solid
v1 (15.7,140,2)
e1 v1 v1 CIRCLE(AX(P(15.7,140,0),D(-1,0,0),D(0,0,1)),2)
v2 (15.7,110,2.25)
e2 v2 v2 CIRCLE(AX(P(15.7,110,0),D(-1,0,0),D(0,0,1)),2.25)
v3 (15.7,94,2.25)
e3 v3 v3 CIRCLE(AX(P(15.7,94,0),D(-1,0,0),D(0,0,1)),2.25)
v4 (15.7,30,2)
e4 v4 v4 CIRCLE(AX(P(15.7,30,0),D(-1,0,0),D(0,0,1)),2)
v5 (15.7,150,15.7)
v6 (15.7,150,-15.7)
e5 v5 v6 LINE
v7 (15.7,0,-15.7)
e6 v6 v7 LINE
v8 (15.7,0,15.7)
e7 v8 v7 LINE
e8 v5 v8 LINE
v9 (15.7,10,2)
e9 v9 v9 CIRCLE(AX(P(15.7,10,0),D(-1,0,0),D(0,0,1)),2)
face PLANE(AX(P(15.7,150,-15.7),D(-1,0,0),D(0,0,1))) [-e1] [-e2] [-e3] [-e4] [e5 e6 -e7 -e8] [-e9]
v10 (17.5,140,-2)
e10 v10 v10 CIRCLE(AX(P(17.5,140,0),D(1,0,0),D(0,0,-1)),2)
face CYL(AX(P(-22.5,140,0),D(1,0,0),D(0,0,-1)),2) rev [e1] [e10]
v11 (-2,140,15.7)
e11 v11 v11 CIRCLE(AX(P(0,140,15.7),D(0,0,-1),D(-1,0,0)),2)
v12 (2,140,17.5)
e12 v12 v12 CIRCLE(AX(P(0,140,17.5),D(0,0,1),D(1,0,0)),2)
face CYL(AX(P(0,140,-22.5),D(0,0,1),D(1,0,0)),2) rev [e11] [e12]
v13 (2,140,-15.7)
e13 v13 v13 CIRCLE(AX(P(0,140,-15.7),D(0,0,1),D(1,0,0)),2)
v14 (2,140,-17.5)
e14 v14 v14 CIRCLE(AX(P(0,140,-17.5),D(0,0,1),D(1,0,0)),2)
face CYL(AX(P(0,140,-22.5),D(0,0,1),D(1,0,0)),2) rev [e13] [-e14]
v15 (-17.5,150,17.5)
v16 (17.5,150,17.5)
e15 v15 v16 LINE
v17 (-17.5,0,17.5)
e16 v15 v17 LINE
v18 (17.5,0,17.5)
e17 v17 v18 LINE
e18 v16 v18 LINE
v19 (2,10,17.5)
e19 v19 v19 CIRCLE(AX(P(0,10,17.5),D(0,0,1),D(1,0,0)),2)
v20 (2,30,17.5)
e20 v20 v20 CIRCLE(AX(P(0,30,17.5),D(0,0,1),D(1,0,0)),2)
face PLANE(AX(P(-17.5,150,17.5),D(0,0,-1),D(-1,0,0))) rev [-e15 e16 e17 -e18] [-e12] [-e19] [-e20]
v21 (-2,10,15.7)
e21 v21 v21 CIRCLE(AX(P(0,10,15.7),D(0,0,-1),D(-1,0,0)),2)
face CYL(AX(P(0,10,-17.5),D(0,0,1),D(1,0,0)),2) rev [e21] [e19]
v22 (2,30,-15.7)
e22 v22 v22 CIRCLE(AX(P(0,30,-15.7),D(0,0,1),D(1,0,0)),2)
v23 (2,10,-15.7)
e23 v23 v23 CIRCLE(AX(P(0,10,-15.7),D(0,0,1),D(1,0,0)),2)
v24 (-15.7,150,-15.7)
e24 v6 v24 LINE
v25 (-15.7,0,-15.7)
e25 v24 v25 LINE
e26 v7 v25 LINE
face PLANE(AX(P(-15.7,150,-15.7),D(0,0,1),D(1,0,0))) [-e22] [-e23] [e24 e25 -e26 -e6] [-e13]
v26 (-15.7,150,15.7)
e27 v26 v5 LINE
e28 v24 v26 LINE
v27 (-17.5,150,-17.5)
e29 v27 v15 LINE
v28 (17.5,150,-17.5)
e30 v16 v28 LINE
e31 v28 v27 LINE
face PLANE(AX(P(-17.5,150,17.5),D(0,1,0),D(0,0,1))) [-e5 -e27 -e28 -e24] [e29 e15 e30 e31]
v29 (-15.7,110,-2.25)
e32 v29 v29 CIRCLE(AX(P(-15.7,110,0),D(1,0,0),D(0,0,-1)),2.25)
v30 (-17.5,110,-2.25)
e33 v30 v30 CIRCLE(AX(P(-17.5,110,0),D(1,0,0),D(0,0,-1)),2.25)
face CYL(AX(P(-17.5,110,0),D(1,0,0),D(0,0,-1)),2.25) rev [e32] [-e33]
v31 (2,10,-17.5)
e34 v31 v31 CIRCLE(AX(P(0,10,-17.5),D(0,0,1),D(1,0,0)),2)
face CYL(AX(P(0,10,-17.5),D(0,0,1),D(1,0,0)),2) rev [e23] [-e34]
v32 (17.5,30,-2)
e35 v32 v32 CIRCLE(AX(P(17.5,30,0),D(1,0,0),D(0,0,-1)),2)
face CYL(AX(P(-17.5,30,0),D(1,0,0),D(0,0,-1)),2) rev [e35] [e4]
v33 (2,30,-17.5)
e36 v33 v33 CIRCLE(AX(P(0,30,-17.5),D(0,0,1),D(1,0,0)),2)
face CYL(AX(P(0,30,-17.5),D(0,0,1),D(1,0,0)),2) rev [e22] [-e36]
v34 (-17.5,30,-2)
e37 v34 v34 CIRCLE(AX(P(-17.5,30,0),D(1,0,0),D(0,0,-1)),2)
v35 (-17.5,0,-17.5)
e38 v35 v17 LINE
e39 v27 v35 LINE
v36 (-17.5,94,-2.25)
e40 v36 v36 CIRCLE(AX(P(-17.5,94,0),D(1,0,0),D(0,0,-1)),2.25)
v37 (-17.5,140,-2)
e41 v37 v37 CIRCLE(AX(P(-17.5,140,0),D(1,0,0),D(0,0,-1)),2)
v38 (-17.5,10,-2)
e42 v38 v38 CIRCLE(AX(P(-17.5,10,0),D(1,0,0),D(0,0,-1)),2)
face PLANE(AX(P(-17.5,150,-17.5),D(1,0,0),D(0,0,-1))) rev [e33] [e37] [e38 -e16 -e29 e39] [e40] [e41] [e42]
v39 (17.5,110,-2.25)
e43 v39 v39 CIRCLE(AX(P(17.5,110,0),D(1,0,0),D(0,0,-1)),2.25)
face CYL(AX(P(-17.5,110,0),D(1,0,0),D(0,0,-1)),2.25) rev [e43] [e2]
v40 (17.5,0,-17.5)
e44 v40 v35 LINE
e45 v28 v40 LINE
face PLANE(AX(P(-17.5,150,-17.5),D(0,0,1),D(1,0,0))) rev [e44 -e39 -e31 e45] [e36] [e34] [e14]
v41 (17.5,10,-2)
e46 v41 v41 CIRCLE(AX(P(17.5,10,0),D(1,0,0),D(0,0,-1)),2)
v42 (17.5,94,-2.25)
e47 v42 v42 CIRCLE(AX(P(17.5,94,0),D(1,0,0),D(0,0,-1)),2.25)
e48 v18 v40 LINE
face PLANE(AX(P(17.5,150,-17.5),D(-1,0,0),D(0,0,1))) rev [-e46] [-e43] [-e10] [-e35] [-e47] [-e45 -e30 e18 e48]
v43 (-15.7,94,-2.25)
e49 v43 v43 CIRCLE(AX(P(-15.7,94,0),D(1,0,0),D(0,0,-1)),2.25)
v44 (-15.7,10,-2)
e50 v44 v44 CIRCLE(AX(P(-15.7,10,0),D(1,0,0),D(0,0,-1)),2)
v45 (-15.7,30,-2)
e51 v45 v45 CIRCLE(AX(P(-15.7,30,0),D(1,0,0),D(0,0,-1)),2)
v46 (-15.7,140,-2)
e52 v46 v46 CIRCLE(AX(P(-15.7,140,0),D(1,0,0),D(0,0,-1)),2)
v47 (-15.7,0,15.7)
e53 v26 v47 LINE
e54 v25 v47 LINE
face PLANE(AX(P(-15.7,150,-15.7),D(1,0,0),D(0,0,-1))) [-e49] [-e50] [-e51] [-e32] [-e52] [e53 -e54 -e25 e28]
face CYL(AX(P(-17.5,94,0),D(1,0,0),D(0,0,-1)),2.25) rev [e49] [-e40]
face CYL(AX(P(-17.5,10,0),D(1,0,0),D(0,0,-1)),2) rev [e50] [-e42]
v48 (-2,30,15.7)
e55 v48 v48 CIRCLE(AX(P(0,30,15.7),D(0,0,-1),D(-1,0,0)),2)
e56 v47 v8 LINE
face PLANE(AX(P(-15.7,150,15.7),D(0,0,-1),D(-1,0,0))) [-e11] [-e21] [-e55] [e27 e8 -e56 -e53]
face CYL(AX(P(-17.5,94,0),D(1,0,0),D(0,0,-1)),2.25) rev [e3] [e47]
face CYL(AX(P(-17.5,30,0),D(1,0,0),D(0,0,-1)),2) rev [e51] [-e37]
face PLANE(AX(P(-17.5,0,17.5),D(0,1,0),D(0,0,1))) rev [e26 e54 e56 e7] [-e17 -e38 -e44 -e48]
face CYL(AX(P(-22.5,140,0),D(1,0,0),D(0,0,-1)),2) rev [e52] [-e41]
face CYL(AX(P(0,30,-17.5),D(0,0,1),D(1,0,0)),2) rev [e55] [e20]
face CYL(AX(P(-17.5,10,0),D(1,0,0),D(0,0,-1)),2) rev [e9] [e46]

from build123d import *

# Parameters (mm, degrees)
SKETCH1_W           = 35
SKETCH1_H           = 35
SKETCH1_W_2         = 31.4
SKETCH1_H_2         = 31.4
BOSS_EXTRUDE1_DEPTH = 150
SKETCH3_R           = 2
CUT_EXTRUDE1_DEPTH  = 156.020159979
SKETCH4_R           = 2
CUT_EXTRUDE2_DEPTH  = 156.020159979
SKETCH7_R           = 2
CUT_EXTRUDE5_DEPTH  = 40
SKETCH9_R           = 2
CUT_EXTRUDE6_DEPTH  = 40
SKETCH11_R          = 2.25
CUT_EXTRUDE8_DEPTH  = 156.020159979


with BuildPart() as part:
    # Sketch1 → Boss-Extrude1 (new body)
    with BuildSketch(Plane(origin=(0, 0, 0), x_dir=(1, 0, 0), z_dir=(0, 1, 0))):
        Rectangle(SKETCH1_W, SKETCH1_H)
        Rectangle(SKETCH1_W_2, SKETCH1_H_2, mode=Mode.SUBTRACT)
    extrude(amount=BOSS_EXTRUDE1_DEPTH)

    # Sketch3 → Cut-Extrude1 (cut, through all)
    with BuildSketch(Plane.XY.offset(17.5)):
        with Locations((0, 10)):
            Circle(SKETCH3_R)
        with Locations((0, 30)):
            Circle(SKETCH3_R)
    extrude(amount=-CUT_EXTRUDE1_DEPTH, mode=Mode.SUBTRACT)

    # Sketch4 → Cut-Extrude2 (cut, through all)
    with BuildSketch(Plane(origin=(17.5, 0, 0), x_dir=(0, 0, -1), z_dir=(1, 0, 0))):
        with Locations((0, 10)):
            Circle(SKETCH4_R)
        with Locations((0, 30)):
            Circle(SKETCH4_R)
    extrude(amount=-CUT_EXTRUDE2_DEPTH, mode=Mode.SUBTRACT)

    # Sketch7 → Cut-Extrude5 (cut)
    with BuildSketch(Plane(origin=(17.5, 0, 0), x_dir=(0, 0, -1), z_dir=(1, 0, 0))):
        with Locations((0, 140)):
            Circle(SKETCH7_R)
    extrude(amount=-CUT_EXTRUDE5_DEPTH, mode=Mode.SUBTRACT)

    # Sketch9 → Cut-Extrude6 (cut)
    with BuildSketch(Plane.XY.offset(17.5)):
        with Locations((0, 140)):
            Circle(SKETCH9_R)
    extrude(amount=-CUT_EXTRUDE6_DEPTH, mode=Mode.SUBTRACT)

    # Sketch11 → Cut-Extrude8 (cut, through all)
    with BuildSketch(Plane(origin=(17.5, 0, 0), x_dir=(0, 0, -1), z_dir=(1, 0, 0))):
        with Locations((0, 110)):
            Circle(SKETCH11_R)
        with Locations((0, 94)):
            Circle(SKETCH11_R)
    extrude(amount=-CUT_EXTRUDE8_DEPTH, mode=Mode.SUBTRACT)


solid = part.part
